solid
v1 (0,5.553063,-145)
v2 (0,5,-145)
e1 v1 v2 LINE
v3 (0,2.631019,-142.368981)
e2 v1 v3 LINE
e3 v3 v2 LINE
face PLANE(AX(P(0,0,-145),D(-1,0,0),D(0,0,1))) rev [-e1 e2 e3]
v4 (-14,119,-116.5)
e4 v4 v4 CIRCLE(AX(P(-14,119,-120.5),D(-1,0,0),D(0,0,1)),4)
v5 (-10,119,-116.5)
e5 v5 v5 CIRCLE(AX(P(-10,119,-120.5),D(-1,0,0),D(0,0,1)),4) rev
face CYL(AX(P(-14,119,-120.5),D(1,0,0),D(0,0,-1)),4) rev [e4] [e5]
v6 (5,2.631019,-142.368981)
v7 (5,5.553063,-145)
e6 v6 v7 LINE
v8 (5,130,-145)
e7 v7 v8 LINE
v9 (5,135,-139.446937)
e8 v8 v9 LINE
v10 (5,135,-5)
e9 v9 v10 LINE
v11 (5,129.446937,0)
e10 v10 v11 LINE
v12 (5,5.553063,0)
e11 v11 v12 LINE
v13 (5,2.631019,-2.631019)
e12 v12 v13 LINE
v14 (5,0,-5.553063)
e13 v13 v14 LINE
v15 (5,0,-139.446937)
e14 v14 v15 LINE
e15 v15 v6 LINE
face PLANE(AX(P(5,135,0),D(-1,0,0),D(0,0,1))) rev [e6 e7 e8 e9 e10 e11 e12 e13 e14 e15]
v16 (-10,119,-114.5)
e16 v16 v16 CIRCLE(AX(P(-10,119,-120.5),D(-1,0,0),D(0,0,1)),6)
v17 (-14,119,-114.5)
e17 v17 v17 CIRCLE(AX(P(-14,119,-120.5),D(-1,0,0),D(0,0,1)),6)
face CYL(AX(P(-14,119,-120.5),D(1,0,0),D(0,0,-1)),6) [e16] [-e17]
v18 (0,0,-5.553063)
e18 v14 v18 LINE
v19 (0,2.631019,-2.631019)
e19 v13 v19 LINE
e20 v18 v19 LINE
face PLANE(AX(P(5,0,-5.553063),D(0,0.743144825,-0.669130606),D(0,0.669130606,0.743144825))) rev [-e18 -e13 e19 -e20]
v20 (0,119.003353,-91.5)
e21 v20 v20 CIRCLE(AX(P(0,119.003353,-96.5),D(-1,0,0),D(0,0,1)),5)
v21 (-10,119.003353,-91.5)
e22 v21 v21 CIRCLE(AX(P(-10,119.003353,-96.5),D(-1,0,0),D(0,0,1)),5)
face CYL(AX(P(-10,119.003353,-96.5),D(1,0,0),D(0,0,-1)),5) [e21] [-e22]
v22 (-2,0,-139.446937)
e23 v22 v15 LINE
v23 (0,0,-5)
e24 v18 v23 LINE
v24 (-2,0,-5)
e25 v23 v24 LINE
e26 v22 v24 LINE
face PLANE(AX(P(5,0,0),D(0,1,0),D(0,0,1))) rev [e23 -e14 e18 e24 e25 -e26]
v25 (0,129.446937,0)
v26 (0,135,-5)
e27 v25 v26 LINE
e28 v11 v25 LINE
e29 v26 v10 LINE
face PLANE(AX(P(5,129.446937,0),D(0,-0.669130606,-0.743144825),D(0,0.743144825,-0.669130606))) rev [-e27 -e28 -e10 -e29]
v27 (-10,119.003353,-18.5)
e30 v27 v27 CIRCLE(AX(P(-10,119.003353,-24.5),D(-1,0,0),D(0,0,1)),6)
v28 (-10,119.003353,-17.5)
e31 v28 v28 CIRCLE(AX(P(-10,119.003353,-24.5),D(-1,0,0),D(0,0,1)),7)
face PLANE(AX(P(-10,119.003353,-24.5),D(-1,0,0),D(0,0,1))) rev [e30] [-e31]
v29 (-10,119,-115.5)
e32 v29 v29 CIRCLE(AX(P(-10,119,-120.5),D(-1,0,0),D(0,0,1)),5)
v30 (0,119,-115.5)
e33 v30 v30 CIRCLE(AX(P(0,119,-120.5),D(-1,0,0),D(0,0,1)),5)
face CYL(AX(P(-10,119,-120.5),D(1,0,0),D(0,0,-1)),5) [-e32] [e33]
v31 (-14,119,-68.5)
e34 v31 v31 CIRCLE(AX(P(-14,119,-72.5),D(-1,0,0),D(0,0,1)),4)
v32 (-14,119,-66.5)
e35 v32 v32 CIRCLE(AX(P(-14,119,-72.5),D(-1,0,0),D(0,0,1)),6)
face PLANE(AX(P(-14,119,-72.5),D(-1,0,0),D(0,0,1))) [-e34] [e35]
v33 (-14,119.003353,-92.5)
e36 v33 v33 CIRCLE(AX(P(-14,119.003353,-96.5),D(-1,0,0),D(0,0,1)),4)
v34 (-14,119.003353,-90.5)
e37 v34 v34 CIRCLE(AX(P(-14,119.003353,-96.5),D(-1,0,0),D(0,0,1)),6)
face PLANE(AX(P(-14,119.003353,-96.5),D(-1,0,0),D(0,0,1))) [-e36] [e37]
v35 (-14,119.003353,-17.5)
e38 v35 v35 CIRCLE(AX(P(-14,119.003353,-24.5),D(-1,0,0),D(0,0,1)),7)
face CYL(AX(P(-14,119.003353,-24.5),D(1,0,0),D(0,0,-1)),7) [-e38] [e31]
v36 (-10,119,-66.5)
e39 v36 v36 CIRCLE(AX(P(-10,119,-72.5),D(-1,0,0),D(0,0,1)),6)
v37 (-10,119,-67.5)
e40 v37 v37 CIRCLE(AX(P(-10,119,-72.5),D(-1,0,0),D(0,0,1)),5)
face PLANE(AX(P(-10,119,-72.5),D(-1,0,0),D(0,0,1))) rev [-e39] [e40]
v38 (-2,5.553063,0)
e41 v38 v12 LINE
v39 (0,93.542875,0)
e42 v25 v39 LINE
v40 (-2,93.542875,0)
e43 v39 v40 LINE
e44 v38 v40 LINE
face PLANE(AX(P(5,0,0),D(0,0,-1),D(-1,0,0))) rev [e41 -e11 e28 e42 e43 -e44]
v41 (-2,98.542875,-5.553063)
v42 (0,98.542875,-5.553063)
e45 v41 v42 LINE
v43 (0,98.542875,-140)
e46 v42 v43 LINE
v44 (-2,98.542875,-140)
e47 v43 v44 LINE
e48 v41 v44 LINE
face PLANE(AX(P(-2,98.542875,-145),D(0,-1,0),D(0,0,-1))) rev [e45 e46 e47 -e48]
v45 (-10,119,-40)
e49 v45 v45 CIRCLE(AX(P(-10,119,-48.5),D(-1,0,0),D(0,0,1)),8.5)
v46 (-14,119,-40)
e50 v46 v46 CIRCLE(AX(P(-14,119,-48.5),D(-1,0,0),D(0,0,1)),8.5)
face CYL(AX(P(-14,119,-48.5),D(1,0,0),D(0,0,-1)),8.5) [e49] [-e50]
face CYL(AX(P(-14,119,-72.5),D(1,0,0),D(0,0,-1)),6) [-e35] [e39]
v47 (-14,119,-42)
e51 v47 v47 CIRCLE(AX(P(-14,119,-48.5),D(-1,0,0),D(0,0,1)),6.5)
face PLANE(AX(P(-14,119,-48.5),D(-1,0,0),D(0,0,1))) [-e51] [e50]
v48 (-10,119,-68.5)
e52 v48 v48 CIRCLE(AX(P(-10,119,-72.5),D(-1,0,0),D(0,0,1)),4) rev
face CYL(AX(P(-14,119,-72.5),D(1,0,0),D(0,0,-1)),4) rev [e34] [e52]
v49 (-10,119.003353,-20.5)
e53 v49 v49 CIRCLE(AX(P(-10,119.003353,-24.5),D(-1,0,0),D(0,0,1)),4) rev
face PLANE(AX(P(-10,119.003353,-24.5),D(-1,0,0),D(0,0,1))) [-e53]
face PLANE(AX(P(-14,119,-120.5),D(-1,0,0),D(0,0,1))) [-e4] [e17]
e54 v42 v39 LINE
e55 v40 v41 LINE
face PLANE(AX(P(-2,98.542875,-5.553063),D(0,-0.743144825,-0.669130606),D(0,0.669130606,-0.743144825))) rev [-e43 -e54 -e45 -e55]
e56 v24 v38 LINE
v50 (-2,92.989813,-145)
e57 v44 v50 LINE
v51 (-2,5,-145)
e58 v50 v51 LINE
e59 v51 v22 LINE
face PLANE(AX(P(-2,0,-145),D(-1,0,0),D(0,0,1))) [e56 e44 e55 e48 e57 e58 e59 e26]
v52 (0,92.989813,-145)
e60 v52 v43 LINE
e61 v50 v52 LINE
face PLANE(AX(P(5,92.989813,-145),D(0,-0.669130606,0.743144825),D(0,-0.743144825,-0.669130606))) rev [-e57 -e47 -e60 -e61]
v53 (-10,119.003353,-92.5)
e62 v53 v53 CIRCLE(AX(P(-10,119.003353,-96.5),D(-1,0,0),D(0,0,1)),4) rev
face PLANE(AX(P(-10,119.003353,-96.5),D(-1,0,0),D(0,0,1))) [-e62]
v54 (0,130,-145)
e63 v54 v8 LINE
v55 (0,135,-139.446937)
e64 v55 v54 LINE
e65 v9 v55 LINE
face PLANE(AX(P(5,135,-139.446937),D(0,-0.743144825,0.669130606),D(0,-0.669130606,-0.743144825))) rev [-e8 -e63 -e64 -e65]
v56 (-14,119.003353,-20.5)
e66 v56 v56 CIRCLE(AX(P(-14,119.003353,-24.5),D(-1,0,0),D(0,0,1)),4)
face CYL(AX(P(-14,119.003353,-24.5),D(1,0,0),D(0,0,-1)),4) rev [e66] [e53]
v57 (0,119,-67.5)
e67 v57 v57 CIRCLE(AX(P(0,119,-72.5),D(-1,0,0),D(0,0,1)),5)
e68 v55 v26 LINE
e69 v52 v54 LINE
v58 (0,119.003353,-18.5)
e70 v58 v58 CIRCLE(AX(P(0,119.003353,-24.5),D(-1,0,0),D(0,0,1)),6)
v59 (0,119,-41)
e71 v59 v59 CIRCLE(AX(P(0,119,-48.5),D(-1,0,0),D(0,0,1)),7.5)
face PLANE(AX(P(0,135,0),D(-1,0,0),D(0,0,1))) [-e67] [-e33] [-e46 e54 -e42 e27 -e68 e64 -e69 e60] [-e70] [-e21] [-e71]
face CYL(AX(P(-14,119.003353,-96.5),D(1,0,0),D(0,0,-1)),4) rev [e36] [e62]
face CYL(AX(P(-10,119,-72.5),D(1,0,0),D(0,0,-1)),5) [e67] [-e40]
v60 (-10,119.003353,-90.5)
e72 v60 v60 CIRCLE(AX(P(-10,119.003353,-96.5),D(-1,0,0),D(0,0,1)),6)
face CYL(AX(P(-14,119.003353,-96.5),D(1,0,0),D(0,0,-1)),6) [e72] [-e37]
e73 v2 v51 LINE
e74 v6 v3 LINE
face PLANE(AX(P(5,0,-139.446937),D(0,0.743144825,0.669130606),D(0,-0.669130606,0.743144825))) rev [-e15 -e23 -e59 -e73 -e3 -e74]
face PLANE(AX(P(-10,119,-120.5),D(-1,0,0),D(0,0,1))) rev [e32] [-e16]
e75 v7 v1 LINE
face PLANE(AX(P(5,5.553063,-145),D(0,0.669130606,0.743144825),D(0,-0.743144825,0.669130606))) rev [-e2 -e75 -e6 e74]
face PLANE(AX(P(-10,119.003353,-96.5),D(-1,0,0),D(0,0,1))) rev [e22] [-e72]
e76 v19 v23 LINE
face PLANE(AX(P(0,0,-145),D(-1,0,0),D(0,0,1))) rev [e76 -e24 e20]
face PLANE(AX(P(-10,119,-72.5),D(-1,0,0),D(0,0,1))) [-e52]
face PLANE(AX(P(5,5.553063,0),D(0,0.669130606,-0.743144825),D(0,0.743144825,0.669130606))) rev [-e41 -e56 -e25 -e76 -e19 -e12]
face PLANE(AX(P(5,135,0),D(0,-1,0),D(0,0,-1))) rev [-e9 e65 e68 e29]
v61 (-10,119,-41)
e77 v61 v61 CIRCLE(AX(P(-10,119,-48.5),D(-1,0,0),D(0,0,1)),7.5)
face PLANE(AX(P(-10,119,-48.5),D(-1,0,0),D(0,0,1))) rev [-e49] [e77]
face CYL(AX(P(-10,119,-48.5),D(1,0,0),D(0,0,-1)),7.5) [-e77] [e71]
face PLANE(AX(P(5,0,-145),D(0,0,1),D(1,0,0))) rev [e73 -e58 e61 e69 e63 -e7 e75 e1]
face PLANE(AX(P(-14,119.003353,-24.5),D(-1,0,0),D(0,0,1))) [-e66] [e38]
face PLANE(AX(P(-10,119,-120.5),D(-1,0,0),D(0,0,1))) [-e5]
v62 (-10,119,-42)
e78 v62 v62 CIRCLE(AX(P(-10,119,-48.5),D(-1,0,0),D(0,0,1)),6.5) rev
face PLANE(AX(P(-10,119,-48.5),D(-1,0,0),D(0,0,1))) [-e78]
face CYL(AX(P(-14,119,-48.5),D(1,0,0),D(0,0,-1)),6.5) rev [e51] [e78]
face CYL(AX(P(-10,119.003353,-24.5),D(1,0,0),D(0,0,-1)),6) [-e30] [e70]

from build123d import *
from OCP.BRepFilletAPI import BRepFilletAPI_MakeChamfer

# Parameters (mm, degrees)
SKETCH_1_W      = 145
SKETCH_1_H      = 135
EXTRUDE_1_DEPTH = 5
CHAMFER_1_SIZE  = 5
CHAMFER_1_SIZE2 = 5.553062574
SKETCH_2_W      = 145
SKETCH_2_H      = 98.542875089
EXTRUDE_2_DEPTH = 2
CHAMFER_2_SIZE  = 5
CHAMFER_2_SIZE2 = 5.553062574
SKETCH_3_R      = 5
SKETCH_3_R_2    = 7.5
SKETCH_3_R_3    = 6
EXTRUDE_3_DEPTH = 10
SKETCH_7_R      = 6
SKETCH_7_R_2    = 4
SKETCH_7_R_3    = 8.5
SKETCH_7_R_4    = 6.5
SKETCH_7_R_5    = 7
EXTRUDE_6_DEPTH = 4


with BuildPart() as part:
    # ｽｹｯﾁ1 → 押し出し1 (new body)
    with BuildSketch(Plane(origin=(0, 0, 0), x_dir=(0, 0, -1), z_dir=(1, 0, 0))):
        with Locations((72.5, 67.5)):
            Rectangle(SKETCH_1_W, SKETCH_1_H)
    extrude(amount=EXTRUDE_1_DEPTH)

    # 面取り1: one chamfer whose edges measure the first distance from different faces: ONE call of the kernel's chamfer builder (chamfer() names one face for all edges)
    chamfer_1_edges_1 = [part.edges().sort_by_distance(p)[0] for p in [
        (2.5, 135, 0),
    ]]
    chamfer_1_side_1 = [part.faces().sort_by_distance(p)[0] for p in [
        (2.5, 135, -72.5),
    ]]
    chamfer_1_edges_2 = [part.edges().sort_by_distance(p)[0] for p in [
        (2.5, 135, -145),
    ]]
    chamfer_1_side_2 = [part.faces().sort_by_distance(p)[0] for p in [
        (2.5, 67.5, -145),
    ]]
    chamfer_1_edges_3 = [part.edges().sort_by_distance(p)[0] for p in [
        (2.5, 0, -145),
    ]]
    chamfer_1_side_3 = [part.faces().sort_by_distance(p)[0] for p in [
        (2.5, 0, -72.5),
    ]]
    chamfer_1_edges_4 = [part.edges().sort_by_distance(p)[0] for p in [
        (2.5, 0, 0),
    ]]
    chamfer_1_side_4 = [part.faces().sort_by_distance(p)[0] for p in [
        (2.5, 67.5, 0),
    ]]
    chamfer_1 = BRepFilletAPI_MakeChamfer(part.part.solid().wrapped)
    for e in chamfer_1_edges_1:
        chamfer_1.Add(CHAMFER_1_SIZE, CHAMFER_1_SIZE2, e.wrapped, chamfer_1_side_1[0].wrapped)  # the first distance lies on this face
    for e in chamfer_1_edges_2:
        chamfer_1.Add(CHAMFER_1_SIZE, CHAMFER_1_SIZE2, e.wrapped, chamfer_1_side_2[0].wrapped)  # the first distance lies on this face
    for e in chamfer_1_edges_3:
        chamfer_1.Add(CHAMFER_1_SIZE, CHAMFER_1_SIZE2, e.wrapped, chamfer_1_side_3[0].wrapped)  # the first distance lies on this face
    for e in chamfer_1_edges_4:
        chamfer_1.Add(CHAMFER_1_SIZE, CHAMFER_1_SIZE2, e.wrapped, chamfer_1_side_4[0].wrapped)  # the first distance lies on this face
    add(Compound.cast(chamfer_1.Shape()), mode=Mode.REPLACE)

    # ｽｹｯﾁ2 → 押し出し2 (add)
    with BuildSketch(Plane.ZY):
        with Locations((-72.5, 49.271437545)):
            Rectangle(SKETCH_2_W, SKETCH_2_H)
    extrude(amount=EXTRUDE_2_DEPTH)

    # 面取り2: one chamfer whose edges measure the first distance from different faces: ONE call of the kernel's chamfer builder (chamfer() names one face for all edges)
    chamfer_2_edges_1 = [part.edges().sort_by_distance(p)[0] for p in [
        (-1, 0, -145),
    ]]
    chamfer_2_side_1 = [part.faces().sort_by_distance(p)[0] for p in [
        (1.658082608, 63.325171213, -145),
    ]]
    chamfer_2_edges_2 = [part.edges().sort_by_distance(p)[0] for p in [
        (-1, 0, 0),
    ]]
    chamfer_2_side_2 = [part.faces().sort_by_distance(p)[0] for p in [
        (1.44516378, 0, -72.693189796),
    ]]
    chamfer_2_edges_3 = [part.edges().sort_by_distance(p)[0] for p in [
        (-1, 98.542875089, 0),
    ]]
    chamfer_2_side_3 = [part.faces().sort_by_distance(p)[0] for p in [
        (1.658082608, 62.905146639, 0),
    ]]
    chamfer_2_edges_4 = [part.edges().sort_by_distance(p)[0] for p in [
        (-1, 98.542875089, -145),
    ]]
    chamfer_2_side_4 = [part.faces().sort_by_distance(p)[0] for p in [
        (-1, 98.542875089, -72.5),
    ]]
    chamfer_2 = BRepFilletAPI_MakeChamfer(part.part.solid().wrapped)
    for e in chamfer_2_edges_1:
        chamfer_2.Add(CHAMFER_2_SIZE, CHAMFER_2_SIZE2, e.wrapped, chamfer_2_side_1[0].wrapped)  # the first distance lies on this face
    for e in chamfer_2_edges_2:
        chamfer_2.Add(CHAMFER_2_SIZE, CHAMFER_2_SIZE2, e.wrapped, chamfer_2_side_2[0].wrapped)  # the first distance lies on this face
    for e in chamfer_2_edges_3:
        chamfer_2.Add(CHAMFER_2_SIZE, CHAMFER_2_SIZE2, e.wrapped, chamfer_2_side_3[0].wrapped)  # the first distance lies on this face
    for e in chamfer_2_edges_4:
        chamfer_2.Add(CHAMFER_2_SIZE, CHAMFER_2_SIZE2, e.wrapped, chamfer_2_side_4[0].wrapped)  # the first distance lies on this face
    add(Compound.cast(chamfer_2.Shape()), mode=Mode.REPLACE)

    # ｽｹｯﾁ3 → 押し出し3 (add)
    with BuildSketch(Plane.ZY):
        with Locations((-120.5, 119)):
            Circle(SKETCH_3_R)
        with Locations((-96.5, 119.003353079)):
            Circle(SKETCH_3_R)
        with Locations((-72.5, 119)):
            Circle(SKETCH_3_R)
        with Locations((-48.5, 119)):
            Circle(SKETCH_3_R_2)
        with Locations((-24.5, 119.003353079)):
            Circle(SKETCH_3_R_3)
    extrude(amount=EXTRUDE_3_DEPTH)

    # ｽｹｯﾁ7 → 押し出し6 (add)
    # profile 1 of 5: a face of its own
    with BuildSketch(Plane.ZY.offset(10)):
        with Locations((-120.5, 119)):
            Circle(SKETCH_7_R)
        with Locations((-120.5, 119)):
            Circle(SKETCH_7_R_2, mode=Mode.SUBTRACT)
    # profile 2 of 5: a face of its own
    with BuildSketch(Plane.ZY.offset(10)):
        with Locations((-96.5, 119.003353079)):
            Circle(SKETCH_7_R)
        with Locations((-96.5, 119.003353079)):
            Circle(SKETCH_7_R_2, mode=Mode.SUBTRACT)
    # profile 3 of 5: a face of its own
    with BuildSketch(Plane.ZY.offset(10)):
        with Locations((-72.5, 119)):
            Circle(SKETCH_7_R)
        with Locations((-72.5, 119)):
            Circle(SKETCH_7_R_2, mode=Mode.SUBTRACT)
    # profile 4 of 5: a face of its own
    with BuildSketch(Plane.ZY.offset(10)):
        with Locations((-48.5, 119)):
            Circle(SKETCH_7_R_3)
        with Locations((-48.5, 119)):
            Circle(SKETCH_7_R_4, mode=Mode.SUBTRACT)
    # profile 5 of 5: a face of its own
    with BuildSketch(Plane.ZY.offset(10)):
        with Locations((-24.5, 119.003353079)):
            Circle(SKETCH_7_R_5)
        with Locations((-24.5, 119.003353079)):
            Circle(SKETCH_7_R_2, mode=Mode.SUBTRACT)
    extrude(amount=EXTRUDE_6_DEPTH)


solid = part.part
